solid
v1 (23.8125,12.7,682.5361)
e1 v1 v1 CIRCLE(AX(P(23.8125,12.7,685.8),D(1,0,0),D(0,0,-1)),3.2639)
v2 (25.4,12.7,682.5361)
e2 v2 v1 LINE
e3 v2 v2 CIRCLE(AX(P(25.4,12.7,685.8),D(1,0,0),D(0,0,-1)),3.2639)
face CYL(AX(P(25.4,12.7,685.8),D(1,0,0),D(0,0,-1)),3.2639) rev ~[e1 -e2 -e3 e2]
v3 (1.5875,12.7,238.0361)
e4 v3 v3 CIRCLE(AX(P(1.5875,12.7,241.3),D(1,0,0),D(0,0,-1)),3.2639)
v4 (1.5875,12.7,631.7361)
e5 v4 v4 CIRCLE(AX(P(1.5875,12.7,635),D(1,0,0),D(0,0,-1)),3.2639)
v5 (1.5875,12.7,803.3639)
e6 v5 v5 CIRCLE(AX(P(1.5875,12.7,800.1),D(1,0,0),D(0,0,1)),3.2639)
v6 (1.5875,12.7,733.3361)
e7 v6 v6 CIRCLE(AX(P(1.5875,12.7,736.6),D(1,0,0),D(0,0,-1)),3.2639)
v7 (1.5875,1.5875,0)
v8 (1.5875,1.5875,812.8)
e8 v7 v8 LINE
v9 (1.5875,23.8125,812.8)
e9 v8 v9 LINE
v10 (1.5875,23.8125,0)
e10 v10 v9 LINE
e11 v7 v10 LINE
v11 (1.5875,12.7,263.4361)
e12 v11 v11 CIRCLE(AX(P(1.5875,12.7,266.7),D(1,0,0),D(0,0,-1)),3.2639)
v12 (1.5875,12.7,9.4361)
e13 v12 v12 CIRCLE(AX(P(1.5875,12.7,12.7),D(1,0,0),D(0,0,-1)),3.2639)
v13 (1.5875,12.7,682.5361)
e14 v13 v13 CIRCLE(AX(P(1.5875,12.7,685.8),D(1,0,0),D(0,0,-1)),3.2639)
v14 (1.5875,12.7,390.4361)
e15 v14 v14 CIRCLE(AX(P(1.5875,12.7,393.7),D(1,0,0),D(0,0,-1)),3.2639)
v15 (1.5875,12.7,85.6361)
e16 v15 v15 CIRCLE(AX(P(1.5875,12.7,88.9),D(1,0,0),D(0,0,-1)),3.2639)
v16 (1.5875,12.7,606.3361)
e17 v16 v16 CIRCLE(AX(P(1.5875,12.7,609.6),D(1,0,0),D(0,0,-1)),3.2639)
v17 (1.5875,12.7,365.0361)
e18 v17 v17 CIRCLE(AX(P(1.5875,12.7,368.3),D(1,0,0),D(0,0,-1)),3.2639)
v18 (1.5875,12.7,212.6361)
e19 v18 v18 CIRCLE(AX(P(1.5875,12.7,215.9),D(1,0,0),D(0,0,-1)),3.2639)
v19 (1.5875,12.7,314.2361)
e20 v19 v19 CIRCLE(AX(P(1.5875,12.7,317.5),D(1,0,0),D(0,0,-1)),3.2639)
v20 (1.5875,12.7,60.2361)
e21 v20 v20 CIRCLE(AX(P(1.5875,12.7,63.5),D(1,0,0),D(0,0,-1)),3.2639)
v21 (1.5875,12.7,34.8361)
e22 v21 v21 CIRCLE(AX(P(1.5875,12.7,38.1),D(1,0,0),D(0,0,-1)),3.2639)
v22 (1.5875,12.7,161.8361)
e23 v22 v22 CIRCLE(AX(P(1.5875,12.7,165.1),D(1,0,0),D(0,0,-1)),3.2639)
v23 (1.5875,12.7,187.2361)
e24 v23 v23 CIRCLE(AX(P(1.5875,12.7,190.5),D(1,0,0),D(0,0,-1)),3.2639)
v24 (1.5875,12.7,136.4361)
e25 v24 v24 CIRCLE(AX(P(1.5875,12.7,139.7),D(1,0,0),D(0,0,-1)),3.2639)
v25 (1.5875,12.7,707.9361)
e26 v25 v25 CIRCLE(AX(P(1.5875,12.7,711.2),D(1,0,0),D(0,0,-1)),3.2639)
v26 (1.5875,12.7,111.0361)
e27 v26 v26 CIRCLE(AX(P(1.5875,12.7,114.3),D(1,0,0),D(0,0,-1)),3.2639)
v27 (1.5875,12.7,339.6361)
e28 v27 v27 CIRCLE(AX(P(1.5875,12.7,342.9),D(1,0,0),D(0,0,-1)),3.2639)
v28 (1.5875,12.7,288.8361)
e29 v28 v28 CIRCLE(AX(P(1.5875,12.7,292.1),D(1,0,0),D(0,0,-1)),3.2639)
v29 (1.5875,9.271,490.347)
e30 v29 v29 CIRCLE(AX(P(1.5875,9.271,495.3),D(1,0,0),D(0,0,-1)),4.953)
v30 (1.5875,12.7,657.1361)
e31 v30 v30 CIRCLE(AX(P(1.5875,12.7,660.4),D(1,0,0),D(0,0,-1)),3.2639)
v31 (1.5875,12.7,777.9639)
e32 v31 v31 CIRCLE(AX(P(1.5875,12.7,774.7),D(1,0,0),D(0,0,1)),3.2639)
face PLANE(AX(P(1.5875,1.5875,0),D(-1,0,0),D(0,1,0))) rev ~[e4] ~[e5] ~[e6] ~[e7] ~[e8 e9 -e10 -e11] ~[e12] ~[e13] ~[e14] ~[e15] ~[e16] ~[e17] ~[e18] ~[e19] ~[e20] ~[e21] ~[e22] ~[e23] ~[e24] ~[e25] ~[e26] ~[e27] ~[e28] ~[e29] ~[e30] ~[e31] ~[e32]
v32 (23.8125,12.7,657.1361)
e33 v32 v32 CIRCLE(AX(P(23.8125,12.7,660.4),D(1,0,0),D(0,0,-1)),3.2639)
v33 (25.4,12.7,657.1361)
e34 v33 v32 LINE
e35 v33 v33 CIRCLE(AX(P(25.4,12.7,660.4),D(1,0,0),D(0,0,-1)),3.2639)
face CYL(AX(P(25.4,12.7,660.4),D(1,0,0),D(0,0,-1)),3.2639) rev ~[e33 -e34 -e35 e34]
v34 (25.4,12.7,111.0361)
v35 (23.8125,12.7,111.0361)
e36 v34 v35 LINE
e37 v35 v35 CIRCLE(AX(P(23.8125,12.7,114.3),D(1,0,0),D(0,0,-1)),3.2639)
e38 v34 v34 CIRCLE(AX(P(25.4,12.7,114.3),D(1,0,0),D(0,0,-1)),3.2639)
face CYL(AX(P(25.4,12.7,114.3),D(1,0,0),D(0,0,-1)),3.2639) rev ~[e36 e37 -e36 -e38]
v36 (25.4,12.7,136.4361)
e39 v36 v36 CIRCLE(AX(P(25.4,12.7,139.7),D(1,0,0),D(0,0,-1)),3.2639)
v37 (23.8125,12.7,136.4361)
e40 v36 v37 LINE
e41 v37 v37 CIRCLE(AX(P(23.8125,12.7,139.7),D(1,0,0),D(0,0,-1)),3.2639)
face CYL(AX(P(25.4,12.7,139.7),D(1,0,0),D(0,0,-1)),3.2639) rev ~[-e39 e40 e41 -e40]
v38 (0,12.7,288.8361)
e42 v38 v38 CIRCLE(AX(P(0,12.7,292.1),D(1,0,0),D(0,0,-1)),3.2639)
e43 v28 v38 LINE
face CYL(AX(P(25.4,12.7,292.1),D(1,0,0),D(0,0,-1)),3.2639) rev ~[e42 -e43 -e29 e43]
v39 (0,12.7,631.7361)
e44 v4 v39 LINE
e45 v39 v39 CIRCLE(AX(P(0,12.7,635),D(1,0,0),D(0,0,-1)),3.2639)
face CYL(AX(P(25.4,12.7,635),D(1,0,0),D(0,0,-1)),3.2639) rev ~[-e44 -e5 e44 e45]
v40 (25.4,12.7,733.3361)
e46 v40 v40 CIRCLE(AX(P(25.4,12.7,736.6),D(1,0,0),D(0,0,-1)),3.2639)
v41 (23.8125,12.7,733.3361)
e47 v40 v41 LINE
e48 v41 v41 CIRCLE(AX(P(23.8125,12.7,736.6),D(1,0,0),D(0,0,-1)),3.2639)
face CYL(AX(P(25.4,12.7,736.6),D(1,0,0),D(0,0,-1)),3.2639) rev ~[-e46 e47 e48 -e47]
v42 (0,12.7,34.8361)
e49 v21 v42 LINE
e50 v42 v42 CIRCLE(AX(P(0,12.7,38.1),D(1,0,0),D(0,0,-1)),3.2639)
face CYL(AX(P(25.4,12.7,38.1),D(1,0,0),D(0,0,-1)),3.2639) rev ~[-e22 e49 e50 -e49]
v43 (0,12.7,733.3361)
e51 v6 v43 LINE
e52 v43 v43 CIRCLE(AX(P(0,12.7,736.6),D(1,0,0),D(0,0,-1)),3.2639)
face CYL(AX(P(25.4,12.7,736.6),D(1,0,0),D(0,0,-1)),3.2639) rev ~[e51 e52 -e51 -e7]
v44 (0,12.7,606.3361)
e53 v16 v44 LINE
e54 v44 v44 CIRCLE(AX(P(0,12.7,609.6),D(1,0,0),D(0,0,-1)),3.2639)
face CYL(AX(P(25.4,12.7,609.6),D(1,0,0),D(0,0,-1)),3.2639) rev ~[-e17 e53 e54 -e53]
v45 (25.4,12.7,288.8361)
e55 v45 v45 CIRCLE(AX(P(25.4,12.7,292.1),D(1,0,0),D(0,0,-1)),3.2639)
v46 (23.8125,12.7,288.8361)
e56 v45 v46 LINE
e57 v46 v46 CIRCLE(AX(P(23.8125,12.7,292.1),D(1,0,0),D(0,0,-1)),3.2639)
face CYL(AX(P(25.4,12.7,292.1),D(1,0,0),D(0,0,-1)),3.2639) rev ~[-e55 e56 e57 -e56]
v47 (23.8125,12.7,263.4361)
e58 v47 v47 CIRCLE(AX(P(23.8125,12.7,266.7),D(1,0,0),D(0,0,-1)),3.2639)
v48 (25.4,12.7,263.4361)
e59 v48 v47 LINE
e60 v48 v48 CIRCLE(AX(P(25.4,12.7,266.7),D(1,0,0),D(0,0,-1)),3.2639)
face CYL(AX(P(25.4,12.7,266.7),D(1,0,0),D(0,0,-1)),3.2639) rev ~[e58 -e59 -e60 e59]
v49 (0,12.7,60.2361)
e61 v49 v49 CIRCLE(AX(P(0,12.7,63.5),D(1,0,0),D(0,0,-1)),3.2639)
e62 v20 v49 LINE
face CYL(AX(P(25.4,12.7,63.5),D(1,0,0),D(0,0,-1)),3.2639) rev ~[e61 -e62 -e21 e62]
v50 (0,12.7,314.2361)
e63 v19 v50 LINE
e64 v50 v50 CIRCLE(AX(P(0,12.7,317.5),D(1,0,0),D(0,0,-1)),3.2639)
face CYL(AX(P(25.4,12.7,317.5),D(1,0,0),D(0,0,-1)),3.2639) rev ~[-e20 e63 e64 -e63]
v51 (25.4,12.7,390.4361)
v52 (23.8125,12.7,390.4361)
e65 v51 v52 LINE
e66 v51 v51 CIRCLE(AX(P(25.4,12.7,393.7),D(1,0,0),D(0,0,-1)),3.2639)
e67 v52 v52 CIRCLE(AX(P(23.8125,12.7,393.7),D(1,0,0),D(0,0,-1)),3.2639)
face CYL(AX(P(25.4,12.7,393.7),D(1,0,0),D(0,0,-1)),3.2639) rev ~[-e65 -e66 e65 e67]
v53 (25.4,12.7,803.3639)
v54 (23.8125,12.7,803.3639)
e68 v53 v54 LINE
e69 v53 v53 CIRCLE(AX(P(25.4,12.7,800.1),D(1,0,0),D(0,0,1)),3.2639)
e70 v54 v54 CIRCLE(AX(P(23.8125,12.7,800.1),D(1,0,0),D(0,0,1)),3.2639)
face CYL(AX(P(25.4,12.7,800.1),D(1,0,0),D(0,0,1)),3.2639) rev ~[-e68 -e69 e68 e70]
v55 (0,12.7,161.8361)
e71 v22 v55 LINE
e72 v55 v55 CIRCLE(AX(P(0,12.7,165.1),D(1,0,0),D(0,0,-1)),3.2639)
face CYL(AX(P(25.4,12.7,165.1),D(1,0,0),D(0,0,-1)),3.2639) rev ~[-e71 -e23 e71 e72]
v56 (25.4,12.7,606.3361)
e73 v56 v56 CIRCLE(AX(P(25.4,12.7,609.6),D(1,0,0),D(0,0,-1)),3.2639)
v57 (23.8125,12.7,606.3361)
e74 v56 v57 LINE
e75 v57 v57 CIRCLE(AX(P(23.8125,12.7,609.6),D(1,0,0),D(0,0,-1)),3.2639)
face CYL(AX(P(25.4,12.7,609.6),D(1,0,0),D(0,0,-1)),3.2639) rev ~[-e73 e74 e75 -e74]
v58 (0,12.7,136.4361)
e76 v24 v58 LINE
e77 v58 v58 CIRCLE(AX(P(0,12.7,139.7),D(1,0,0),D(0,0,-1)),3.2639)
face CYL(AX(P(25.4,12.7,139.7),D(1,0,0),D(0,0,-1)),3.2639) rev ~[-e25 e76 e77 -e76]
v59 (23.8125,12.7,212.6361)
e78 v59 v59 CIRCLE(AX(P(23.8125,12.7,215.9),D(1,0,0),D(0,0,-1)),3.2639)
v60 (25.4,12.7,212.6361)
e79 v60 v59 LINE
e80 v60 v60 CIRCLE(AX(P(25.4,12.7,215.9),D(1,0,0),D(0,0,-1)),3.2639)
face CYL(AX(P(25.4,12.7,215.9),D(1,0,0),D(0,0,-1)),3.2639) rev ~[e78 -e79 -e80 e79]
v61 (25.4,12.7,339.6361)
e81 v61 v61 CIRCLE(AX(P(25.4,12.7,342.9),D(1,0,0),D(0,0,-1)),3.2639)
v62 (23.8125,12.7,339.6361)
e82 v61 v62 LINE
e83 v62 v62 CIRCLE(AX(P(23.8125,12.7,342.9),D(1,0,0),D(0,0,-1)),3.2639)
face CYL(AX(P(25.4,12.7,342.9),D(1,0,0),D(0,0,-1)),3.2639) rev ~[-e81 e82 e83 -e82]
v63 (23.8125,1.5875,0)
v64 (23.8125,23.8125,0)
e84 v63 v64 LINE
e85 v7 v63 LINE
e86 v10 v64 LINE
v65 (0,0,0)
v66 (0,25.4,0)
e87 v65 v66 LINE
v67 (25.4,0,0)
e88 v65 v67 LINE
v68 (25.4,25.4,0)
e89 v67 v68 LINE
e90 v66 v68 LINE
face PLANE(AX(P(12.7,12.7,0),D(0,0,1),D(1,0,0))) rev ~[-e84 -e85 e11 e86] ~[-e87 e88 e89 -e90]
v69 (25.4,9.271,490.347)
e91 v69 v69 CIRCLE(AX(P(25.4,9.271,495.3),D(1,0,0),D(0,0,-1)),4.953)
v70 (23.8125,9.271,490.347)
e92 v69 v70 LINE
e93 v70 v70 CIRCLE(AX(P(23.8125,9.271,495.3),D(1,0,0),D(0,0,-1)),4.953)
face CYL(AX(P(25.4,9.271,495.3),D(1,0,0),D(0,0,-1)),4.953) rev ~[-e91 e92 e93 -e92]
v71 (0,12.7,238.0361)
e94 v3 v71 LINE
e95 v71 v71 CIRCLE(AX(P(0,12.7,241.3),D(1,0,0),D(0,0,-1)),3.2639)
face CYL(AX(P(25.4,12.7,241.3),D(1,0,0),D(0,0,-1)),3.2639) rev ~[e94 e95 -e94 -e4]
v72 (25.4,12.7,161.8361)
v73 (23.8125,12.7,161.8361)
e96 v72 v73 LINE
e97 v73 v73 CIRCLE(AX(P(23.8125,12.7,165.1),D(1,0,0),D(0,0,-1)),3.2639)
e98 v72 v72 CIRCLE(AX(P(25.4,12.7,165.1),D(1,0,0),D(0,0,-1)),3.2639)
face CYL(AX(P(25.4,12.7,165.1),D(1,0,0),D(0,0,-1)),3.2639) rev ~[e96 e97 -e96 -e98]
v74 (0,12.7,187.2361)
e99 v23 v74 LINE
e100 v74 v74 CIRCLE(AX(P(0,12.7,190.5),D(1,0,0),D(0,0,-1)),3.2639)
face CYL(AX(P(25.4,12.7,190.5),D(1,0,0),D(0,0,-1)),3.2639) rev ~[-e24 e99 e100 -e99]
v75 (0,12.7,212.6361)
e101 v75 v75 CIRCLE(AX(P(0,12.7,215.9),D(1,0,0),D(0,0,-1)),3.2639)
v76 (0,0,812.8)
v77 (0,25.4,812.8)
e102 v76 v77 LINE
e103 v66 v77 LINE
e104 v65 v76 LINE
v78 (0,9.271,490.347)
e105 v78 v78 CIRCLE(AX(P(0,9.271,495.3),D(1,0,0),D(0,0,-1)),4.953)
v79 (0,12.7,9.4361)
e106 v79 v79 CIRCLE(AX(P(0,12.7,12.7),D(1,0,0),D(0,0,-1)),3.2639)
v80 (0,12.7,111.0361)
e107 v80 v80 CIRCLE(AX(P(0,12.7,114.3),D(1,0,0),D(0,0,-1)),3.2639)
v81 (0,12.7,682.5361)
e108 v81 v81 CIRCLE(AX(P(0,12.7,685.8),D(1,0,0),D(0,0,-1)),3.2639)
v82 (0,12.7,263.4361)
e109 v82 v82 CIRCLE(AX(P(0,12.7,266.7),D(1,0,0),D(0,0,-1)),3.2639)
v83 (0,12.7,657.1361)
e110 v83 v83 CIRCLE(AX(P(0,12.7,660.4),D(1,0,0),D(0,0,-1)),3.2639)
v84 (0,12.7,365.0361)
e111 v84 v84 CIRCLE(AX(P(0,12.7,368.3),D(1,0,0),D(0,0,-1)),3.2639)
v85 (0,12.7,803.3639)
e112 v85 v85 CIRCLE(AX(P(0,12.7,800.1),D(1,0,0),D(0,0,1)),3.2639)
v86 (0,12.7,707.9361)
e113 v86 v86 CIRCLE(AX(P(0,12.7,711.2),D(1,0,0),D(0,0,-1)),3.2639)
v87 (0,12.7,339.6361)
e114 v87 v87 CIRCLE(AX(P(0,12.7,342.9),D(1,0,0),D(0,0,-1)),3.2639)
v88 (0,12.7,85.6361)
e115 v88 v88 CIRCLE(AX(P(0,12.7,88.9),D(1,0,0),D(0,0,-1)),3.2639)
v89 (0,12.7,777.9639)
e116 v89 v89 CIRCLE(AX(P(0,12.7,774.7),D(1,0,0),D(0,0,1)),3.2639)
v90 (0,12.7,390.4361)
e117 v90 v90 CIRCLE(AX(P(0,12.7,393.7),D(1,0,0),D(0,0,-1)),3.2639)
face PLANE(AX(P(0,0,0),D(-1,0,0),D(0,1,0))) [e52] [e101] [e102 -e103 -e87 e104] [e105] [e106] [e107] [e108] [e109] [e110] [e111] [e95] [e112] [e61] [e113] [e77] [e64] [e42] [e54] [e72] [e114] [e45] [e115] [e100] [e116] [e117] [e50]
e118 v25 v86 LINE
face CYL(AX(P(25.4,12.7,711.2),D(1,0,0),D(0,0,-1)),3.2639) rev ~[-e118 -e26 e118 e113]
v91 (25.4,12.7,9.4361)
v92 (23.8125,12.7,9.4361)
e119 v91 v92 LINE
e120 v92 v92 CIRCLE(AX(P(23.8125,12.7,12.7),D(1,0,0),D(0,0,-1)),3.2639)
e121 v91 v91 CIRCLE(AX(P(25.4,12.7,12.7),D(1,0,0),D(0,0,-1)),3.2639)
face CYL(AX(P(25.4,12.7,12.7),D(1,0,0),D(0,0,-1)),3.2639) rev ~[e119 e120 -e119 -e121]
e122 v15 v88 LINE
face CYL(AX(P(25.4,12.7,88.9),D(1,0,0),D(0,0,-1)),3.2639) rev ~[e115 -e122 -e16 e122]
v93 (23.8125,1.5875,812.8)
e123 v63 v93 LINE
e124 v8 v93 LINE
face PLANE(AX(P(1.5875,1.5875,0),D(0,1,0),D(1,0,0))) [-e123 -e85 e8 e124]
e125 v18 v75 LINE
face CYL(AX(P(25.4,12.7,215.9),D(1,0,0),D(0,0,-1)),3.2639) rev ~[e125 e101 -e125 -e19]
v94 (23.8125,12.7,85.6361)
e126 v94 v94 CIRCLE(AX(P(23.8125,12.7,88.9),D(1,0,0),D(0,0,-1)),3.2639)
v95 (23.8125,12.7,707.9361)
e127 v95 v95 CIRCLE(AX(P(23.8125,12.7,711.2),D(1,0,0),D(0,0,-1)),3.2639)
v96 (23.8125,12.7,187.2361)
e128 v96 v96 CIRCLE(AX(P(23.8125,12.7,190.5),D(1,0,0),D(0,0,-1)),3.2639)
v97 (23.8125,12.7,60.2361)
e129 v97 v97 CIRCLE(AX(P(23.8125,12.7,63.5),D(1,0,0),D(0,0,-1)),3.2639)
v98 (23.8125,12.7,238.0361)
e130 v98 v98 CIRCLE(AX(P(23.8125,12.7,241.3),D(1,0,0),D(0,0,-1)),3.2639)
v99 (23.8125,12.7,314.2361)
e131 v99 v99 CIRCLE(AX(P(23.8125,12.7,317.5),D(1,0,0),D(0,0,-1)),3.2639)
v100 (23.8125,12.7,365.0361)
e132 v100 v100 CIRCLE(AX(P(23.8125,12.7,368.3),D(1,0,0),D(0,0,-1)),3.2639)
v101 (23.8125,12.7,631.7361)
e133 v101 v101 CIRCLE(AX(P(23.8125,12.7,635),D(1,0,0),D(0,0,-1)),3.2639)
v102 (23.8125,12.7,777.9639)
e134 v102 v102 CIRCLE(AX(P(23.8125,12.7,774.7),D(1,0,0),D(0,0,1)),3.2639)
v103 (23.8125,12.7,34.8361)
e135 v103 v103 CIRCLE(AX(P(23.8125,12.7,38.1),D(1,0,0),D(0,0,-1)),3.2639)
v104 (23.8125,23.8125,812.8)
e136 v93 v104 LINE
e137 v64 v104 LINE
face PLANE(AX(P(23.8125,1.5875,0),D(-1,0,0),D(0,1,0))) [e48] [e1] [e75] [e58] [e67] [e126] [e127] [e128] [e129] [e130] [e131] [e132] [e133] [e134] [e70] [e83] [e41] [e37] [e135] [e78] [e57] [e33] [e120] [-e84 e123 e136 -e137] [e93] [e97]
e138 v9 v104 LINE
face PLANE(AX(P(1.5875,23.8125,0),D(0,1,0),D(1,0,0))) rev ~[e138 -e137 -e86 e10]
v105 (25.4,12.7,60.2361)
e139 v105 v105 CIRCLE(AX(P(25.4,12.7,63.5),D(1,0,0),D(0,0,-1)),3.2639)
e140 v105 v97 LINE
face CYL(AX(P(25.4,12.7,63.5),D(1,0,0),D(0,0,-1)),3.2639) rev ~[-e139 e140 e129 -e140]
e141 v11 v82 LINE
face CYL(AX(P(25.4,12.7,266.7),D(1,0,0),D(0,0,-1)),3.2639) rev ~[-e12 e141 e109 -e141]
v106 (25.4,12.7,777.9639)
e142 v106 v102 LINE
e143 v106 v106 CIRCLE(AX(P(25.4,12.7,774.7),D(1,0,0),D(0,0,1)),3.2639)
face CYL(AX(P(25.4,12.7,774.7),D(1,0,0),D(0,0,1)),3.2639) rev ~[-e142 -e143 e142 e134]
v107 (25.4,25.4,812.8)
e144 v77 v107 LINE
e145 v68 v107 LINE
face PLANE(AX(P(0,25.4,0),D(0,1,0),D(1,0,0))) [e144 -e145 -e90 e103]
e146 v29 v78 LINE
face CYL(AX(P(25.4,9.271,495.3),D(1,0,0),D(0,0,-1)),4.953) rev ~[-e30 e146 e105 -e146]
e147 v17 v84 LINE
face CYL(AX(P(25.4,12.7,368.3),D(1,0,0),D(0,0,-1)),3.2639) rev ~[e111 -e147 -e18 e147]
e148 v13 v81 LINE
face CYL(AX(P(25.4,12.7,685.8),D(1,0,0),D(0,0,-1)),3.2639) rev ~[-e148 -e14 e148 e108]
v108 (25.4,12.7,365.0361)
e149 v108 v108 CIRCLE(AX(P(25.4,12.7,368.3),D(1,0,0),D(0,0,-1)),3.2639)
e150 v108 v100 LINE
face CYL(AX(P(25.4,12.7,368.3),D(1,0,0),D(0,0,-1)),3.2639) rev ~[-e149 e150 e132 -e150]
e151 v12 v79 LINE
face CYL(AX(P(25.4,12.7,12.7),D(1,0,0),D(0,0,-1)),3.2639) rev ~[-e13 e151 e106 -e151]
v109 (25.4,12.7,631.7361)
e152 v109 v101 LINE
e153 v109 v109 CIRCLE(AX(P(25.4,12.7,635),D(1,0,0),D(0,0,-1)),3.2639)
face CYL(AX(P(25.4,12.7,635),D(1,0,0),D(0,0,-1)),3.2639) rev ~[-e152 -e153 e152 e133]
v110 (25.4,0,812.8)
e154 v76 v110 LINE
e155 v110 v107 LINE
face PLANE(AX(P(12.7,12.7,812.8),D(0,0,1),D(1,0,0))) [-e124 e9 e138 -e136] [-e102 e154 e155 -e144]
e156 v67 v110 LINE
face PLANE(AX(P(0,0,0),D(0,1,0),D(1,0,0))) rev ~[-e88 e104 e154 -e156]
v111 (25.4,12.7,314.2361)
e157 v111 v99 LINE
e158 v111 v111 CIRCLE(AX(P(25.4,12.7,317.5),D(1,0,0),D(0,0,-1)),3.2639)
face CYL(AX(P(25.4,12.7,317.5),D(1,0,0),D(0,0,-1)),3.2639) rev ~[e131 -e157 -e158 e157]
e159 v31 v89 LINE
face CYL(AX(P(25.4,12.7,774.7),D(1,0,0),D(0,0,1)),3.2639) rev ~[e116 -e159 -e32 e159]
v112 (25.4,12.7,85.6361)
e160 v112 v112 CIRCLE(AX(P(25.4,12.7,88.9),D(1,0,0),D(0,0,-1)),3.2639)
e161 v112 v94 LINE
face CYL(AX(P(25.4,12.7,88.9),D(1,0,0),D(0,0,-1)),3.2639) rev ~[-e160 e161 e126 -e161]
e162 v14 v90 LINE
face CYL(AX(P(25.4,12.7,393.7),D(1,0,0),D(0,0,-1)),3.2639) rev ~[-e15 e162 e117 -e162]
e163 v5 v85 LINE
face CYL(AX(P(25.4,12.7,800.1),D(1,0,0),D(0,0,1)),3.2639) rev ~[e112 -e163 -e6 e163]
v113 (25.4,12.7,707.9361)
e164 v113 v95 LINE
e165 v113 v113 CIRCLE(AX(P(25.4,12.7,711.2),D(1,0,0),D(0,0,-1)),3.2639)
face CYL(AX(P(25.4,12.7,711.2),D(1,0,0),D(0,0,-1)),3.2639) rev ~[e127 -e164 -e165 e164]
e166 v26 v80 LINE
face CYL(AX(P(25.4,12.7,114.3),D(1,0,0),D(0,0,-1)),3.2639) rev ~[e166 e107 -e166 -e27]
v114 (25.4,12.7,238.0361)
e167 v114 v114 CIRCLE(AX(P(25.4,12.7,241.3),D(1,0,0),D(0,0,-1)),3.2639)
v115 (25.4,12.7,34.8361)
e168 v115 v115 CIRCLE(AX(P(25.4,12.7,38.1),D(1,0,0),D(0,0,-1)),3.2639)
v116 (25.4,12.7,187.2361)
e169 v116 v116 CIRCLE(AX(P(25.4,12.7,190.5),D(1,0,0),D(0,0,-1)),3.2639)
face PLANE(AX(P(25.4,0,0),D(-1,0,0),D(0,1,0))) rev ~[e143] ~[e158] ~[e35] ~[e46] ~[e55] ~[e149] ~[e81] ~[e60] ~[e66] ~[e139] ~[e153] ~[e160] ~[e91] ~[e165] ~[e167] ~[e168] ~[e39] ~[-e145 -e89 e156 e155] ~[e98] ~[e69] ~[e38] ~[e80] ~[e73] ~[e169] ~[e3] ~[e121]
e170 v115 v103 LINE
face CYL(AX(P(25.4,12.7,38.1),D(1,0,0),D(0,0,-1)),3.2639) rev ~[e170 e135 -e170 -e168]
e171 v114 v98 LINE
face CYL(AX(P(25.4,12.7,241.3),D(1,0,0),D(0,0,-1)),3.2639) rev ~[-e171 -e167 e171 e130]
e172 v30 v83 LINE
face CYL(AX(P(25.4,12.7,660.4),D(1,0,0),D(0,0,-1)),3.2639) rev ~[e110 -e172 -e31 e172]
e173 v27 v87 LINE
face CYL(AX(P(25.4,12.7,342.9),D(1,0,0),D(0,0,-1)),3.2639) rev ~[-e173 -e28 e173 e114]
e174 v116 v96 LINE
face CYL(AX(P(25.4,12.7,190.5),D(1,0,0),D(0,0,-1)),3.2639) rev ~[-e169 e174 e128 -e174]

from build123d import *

# Parameters (mm, degrees)
SKETCH1_W           = 25.4
SKETCH1_H           = 25.4
SKETCH1_W_2         = 22.225
SKETCH1_H_2         = 22.225
BOSS_EXTRUDE1_DEPTH = 812.8
SKETCH2_R           = 3.2639
CUT_EXTRUDE1_DEPTH  = 814.593362805
SKETCH3_R           = 3.2639
SKETCH3_R_2         = 4.953
CUT_EXTRUDE2_DEPTH  = 814.593362805


with BuildPart() as part:
    # Sketch1 → Boss-Extrude1 (new body)
    with BuildSketch(Plane.XY):
        with Locations((12.7, 12.7)):
            Rectangle(SKETCH1_W, SKETCH1_H)
        with Locations((12.7, 12.7)):
            Rectangle(SKETCH1_W_2, SKETCH1_H_2, mode=Mode.SUBTRACT)
    extrude(amount=BOSS_EXTRUDE1_DEPTH)

    # Sketch2 → Cut-Extrude1 (cut, through all)
    with BuildSketch(Plane(origin=(25.4, 0, 0), x_dir=(0, 0, -1), z_dir=(1, 0, 0))):
        with Locations((-12.7, 12.7)):
            Circle(SKETCH2_R)
        with Locations((-38.1, 12.7)):
            Circle(SKETCH2_R)
        with Locations(Location((-774.7, 12.7, 0), (0, 0, 180))):
            Circle(SKETCH2_R)
        with Locations(Location((-800.1, 12.7, 0), (0, 0, 180))):
            Circle(SKETCH2_R)
    extrude(amount=-CUT_EXTRUDE1_DEPTH, mode=Mode.SUBTRACT)

    # Sketch3 → Cut-Extrude2 (cut, through all)
    with BuildSketch(Plane(origin=(25.4, 0, 0), x_dir=(0, 0, -1), z_dir=(1, 0, 0))):
        with Locations((-63.5, 12.7)):
            Circle(SKETCH3_R)
        with Locations((-736.6, 12.7)):
            Circle(SKETCH3_R)
        with Locations((-711.2, 12.7)):
            Circle(SKETCH3_R)
        with Locations((-685.8, 12.7)):
            Circle(SKETCH3_R)
        with Locations((-660.4, 12.7)):
            Circle(SKETCH3_R)
        with Locations((-635, 12.7)):
            Circle(SKETCH3_R)
        with Locations((-609.6, 12.7)):
            Circle(SKETCH3_R)
        with Locations((-495.3, 9.271)):
            Circle(SKETCH3_R_2)
        with Locations((-88.9, 12.7)):
            Circle(SKETCH3_R)
        with Locations((-114.3, 12.7)):
            Circle(SKETCH3_R)
        with Locations((-139.7, 12.7)):
            Circle(SKETCH3_R)
        with Locations((-165.1, 12.7)):
            Circle(SKETCH3_R)
        with Locations((-190.5, 12.7)):
            Circle(SKETCH3_R)
        with Locations((-215.9, 12.7)):
            Circle(SKETCH3_R)
        with Locations((-241.3, 12.7)):
            Circle(SKETCH3_R)
        with Locations((-266.7, 12.7)):
            Circle(SKETCH3_R)
        with Locations((-292.1, 12.7)):
            Circle(SKETCH3_R)
        with Locations((-317.5, 12.7)):
            Circle(SKETCH3_R)
        with Locations((-342.9, 12.7)):
            Circle(SKETCH3_R)
        with Locations((-368.3, 12.7)):
            Circle(SKETCH3_R)
        with Locations((-393.7, 12.7)):
            Circle(SKETCH3_R)
    extrude(amount=-CUT_EXTRUDE2_DEPTH, mode=Mode.SUBTRACT)


solid = part.part
